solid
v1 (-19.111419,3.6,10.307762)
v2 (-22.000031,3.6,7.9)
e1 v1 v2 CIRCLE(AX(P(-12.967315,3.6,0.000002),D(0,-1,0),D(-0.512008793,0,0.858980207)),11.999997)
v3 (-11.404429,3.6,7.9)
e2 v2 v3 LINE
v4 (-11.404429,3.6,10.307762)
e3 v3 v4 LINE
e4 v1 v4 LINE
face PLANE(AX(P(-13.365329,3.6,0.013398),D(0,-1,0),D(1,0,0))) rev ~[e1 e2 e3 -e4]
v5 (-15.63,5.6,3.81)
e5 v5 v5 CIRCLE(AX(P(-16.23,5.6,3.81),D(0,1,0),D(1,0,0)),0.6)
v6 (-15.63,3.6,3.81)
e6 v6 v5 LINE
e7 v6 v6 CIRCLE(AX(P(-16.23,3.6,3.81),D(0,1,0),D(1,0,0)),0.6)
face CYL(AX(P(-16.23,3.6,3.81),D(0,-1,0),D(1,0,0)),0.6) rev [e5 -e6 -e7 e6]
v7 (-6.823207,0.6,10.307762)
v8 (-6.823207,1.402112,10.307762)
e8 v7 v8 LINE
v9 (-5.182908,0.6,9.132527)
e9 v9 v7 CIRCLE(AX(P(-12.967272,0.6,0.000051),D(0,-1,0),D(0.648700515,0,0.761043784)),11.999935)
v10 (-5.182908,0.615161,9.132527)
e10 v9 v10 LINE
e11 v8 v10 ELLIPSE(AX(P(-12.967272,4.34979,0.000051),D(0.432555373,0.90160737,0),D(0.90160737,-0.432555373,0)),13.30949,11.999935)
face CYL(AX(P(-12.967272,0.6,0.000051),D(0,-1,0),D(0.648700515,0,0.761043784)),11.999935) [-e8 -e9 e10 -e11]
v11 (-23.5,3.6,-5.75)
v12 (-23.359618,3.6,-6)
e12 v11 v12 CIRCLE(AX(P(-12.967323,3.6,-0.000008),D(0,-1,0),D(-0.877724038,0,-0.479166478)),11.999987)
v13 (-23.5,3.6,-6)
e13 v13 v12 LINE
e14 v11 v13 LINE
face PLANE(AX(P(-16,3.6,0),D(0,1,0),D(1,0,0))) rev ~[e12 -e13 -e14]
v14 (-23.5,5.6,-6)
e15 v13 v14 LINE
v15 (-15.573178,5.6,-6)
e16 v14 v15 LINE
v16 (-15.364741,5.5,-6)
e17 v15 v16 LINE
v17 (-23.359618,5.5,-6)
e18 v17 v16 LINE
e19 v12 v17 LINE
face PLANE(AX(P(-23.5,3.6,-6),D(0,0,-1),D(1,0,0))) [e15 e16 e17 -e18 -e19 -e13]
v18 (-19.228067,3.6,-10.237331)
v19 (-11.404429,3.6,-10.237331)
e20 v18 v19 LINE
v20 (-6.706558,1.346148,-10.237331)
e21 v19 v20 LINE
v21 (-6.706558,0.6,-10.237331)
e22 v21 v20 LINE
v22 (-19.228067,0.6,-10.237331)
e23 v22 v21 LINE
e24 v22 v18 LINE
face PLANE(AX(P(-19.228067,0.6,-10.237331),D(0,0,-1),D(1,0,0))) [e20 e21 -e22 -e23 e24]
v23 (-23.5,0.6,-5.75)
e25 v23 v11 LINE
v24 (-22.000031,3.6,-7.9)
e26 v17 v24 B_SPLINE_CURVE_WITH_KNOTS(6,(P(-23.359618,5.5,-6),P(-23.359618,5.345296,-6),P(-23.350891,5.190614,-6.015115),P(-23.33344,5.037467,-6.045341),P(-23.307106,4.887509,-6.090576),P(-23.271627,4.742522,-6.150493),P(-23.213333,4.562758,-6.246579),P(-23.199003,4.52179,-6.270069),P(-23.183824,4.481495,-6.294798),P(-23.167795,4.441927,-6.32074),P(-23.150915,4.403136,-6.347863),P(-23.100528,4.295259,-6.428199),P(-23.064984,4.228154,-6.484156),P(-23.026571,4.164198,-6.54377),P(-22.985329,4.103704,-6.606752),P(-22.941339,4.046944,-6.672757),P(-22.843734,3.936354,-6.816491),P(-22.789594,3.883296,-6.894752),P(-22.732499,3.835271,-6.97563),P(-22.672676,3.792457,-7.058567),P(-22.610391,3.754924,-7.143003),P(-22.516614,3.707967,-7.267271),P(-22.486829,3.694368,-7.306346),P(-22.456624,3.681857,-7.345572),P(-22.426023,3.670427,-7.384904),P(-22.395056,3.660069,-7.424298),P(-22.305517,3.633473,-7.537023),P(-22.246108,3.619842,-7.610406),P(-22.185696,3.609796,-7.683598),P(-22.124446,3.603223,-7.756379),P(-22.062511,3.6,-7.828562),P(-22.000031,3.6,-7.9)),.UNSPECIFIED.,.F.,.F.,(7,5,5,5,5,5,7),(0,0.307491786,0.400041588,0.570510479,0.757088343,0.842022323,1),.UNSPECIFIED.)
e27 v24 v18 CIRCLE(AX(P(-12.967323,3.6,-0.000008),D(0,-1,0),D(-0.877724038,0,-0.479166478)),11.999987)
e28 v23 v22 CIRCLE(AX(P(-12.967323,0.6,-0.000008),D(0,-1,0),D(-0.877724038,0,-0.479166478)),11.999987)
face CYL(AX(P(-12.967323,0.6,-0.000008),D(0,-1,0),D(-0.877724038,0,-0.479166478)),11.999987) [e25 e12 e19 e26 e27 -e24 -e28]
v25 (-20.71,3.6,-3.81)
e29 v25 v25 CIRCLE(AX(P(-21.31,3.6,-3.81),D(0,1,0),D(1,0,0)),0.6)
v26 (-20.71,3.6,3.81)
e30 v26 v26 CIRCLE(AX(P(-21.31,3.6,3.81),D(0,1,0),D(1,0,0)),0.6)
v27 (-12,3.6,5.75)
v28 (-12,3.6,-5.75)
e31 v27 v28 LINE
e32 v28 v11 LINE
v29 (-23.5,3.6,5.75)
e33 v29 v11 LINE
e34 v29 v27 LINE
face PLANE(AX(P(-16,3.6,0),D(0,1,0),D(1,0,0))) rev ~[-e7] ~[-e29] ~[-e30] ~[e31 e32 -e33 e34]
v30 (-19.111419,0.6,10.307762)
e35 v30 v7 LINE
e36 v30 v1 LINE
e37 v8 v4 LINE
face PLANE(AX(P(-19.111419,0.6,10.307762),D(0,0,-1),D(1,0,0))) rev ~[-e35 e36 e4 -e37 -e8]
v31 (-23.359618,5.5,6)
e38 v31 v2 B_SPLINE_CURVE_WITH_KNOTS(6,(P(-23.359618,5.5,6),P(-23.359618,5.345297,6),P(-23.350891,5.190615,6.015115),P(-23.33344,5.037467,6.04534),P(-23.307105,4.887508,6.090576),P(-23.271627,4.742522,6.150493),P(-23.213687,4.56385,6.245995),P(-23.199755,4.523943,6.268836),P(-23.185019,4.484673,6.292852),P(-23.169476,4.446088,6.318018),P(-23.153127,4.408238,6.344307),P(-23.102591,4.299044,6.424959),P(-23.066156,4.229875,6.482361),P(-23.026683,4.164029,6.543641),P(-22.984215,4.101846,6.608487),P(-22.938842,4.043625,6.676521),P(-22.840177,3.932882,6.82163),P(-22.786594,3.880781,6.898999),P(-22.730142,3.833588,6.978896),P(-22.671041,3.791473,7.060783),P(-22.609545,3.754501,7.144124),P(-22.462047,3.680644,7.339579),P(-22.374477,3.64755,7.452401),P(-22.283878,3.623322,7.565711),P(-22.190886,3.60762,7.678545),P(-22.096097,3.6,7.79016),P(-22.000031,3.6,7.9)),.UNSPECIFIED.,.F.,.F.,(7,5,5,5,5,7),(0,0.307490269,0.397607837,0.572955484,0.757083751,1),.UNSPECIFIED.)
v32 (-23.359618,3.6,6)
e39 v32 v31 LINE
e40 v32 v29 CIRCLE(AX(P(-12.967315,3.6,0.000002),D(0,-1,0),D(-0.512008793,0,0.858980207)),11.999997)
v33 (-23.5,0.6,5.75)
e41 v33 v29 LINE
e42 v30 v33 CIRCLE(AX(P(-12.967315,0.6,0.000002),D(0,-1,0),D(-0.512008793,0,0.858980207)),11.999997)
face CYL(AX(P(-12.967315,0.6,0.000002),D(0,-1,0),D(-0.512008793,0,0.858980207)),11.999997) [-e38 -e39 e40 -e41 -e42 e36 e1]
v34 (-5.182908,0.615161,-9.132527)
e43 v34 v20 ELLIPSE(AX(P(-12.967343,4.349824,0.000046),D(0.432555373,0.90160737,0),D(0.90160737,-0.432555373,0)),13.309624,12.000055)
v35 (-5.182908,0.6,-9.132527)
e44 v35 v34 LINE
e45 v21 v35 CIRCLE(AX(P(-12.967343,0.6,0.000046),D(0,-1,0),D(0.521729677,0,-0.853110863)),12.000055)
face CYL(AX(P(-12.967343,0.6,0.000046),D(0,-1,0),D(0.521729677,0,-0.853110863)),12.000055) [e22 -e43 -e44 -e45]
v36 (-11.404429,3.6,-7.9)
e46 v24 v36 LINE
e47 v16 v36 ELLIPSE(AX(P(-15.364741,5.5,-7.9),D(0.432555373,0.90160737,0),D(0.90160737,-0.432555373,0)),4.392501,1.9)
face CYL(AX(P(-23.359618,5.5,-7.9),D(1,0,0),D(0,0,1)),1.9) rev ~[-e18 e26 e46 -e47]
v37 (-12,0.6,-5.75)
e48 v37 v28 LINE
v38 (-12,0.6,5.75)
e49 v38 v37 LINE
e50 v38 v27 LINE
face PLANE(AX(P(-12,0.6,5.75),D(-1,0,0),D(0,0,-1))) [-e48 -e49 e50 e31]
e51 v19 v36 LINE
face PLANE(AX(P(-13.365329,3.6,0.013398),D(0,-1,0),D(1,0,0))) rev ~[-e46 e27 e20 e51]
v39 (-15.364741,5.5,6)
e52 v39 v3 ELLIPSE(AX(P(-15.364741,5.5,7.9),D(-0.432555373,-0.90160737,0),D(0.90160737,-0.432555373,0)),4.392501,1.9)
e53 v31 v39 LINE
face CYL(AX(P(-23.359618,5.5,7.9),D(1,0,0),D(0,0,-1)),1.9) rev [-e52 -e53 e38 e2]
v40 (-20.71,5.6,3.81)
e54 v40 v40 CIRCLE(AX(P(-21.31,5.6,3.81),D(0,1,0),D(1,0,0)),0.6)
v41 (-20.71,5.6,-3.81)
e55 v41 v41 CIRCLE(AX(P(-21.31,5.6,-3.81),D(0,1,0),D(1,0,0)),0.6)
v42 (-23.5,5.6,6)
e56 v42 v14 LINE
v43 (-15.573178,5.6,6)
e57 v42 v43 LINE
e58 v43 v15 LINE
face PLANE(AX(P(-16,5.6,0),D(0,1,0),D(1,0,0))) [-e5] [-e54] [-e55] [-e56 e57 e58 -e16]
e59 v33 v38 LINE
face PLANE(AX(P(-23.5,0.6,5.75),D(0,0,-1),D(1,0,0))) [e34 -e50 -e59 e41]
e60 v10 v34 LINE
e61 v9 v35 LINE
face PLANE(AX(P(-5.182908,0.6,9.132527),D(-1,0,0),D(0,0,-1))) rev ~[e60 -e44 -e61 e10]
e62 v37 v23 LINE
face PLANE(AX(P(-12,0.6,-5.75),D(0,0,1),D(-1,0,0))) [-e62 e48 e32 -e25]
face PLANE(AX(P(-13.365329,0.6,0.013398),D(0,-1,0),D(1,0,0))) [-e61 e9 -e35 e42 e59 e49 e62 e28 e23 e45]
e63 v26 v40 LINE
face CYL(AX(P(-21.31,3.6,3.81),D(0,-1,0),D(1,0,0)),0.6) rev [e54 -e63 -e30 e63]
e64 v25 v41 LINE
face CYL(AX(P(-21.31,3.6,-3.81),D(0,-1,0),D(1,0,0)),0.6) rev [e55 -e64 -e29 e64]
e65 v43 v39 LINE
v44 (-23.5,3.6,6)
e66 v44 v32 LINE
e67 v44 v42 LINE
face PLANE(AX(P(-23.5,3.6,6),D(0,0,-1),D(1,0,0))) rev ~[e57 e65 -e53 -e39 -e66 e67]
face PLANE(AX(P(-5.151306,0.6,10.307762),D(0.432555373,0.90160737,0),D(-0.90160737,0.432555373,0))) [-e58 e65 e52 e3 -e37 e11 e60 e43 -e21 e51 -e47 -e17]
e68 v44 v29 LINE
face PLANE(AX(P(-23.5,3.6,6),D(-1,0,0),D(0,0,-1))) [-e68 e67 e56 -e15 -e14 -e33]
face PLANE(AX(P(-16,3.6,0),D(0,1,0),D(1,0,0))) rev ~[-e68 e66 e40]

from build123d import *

# Parameters (mm, degrees)
PAD009_DEPTH    = 3
SKETCH023_W     = 15
SKETCH023_H     = 12
SKETCH023_R     = 0.6
PAD010_DEPTH    = 2
POCKET009_DEPTH = 20.546094
FILLET002_R     = 1.9


with BuildPart() as part:
    # Sketch024 → Pad009 (new body)
    with BuildSketch(Plane.XZ):
        with BuildLine():
            Line((-23.5, 5.75), (-12, 5.75))
            Line((-12, 5.75), (-12, -5.75))
            Line((-12, -5.75), (-23.5, -5.75))
            ThreePointArc((-23.5, -5.75), (-21.658628, -8.274119), (-19.228067, -10.237331))
            Line((-19.228067, -10.237331), (-6.706558, -10.237331))
            ThreePointArc((-6.706558, -10.237331), (-5.923041, -9.714846), (-5.182908, -9.132527))
            Line((-5.182908, 9.132527), (-5.182908, -9.132527))
            ThreePointArc((-5.182908, 9.132527), (-5.978311, 9.754684), (-6.823207, 10.307762))
            Line((-19.111419, 10.307762), (-6.823207, 10.307762))
            ThreePointArc((-19.111419, 10.307762), (-21.611511, 8.323331), (-23.5, 5.75))
        make_face()
    extrude(amount=-PAD009_DEPTH)

    # Sketch023 (on Face12 of Pad009) → Pad010 (join)
    with BuildSketch(Plane(origin=(0, 3, 0), x_dir=(1, 0, 0), z_dir=(0, 1, 0))):
        with Locations((-16, 0)):
            Rectangle(SKETCH023_W, SKETCH023_H)
        with Locations((-21.31, -3.81)):
            Circle(SKETCH023_R, mode=Mode.SUBTRACT)
        with Locations((-21.31, 3.81)):
            Circle(SKETCH023_R, mode=Mode.SUBTRACT)
        with Locations((-16.23, -3.81)):
            Circle(SKETCH023_R, mode=Mode.SUBTRACT)
    extrude(amount=PAD010_DEPTH)

    # Sketch026 (on Face2 of Pad010) → Pocket009 (cut, through all)
    with BuildSketch(Plane(origin=(0, 0, 10.307762), x_dir=(-1, 0, 0), z_dir=(0, 0, 1))):
        Polygon((5.151306, 0), (15.6, -5.012868), (5.151306, -5.012868), align=None)
    extrude(amount=-POCKET009_DEPTH, mode=Mode.SUBTRACT)

    # Fillet002
    fillet002_edges = [part.edges().sort_by_distance(p)[0] for p in [
        (-17.382023, 3, 6),
        (-17.382023, 3, -6),
    ]]
    fillet(fillet002_edges, radius=FILLET002_R)


with BuildPart() as part_1:
    # Body003 placement: moved
    add(part.part.moved(Location((0, 0.6, 0))))


solid = part_1.part
